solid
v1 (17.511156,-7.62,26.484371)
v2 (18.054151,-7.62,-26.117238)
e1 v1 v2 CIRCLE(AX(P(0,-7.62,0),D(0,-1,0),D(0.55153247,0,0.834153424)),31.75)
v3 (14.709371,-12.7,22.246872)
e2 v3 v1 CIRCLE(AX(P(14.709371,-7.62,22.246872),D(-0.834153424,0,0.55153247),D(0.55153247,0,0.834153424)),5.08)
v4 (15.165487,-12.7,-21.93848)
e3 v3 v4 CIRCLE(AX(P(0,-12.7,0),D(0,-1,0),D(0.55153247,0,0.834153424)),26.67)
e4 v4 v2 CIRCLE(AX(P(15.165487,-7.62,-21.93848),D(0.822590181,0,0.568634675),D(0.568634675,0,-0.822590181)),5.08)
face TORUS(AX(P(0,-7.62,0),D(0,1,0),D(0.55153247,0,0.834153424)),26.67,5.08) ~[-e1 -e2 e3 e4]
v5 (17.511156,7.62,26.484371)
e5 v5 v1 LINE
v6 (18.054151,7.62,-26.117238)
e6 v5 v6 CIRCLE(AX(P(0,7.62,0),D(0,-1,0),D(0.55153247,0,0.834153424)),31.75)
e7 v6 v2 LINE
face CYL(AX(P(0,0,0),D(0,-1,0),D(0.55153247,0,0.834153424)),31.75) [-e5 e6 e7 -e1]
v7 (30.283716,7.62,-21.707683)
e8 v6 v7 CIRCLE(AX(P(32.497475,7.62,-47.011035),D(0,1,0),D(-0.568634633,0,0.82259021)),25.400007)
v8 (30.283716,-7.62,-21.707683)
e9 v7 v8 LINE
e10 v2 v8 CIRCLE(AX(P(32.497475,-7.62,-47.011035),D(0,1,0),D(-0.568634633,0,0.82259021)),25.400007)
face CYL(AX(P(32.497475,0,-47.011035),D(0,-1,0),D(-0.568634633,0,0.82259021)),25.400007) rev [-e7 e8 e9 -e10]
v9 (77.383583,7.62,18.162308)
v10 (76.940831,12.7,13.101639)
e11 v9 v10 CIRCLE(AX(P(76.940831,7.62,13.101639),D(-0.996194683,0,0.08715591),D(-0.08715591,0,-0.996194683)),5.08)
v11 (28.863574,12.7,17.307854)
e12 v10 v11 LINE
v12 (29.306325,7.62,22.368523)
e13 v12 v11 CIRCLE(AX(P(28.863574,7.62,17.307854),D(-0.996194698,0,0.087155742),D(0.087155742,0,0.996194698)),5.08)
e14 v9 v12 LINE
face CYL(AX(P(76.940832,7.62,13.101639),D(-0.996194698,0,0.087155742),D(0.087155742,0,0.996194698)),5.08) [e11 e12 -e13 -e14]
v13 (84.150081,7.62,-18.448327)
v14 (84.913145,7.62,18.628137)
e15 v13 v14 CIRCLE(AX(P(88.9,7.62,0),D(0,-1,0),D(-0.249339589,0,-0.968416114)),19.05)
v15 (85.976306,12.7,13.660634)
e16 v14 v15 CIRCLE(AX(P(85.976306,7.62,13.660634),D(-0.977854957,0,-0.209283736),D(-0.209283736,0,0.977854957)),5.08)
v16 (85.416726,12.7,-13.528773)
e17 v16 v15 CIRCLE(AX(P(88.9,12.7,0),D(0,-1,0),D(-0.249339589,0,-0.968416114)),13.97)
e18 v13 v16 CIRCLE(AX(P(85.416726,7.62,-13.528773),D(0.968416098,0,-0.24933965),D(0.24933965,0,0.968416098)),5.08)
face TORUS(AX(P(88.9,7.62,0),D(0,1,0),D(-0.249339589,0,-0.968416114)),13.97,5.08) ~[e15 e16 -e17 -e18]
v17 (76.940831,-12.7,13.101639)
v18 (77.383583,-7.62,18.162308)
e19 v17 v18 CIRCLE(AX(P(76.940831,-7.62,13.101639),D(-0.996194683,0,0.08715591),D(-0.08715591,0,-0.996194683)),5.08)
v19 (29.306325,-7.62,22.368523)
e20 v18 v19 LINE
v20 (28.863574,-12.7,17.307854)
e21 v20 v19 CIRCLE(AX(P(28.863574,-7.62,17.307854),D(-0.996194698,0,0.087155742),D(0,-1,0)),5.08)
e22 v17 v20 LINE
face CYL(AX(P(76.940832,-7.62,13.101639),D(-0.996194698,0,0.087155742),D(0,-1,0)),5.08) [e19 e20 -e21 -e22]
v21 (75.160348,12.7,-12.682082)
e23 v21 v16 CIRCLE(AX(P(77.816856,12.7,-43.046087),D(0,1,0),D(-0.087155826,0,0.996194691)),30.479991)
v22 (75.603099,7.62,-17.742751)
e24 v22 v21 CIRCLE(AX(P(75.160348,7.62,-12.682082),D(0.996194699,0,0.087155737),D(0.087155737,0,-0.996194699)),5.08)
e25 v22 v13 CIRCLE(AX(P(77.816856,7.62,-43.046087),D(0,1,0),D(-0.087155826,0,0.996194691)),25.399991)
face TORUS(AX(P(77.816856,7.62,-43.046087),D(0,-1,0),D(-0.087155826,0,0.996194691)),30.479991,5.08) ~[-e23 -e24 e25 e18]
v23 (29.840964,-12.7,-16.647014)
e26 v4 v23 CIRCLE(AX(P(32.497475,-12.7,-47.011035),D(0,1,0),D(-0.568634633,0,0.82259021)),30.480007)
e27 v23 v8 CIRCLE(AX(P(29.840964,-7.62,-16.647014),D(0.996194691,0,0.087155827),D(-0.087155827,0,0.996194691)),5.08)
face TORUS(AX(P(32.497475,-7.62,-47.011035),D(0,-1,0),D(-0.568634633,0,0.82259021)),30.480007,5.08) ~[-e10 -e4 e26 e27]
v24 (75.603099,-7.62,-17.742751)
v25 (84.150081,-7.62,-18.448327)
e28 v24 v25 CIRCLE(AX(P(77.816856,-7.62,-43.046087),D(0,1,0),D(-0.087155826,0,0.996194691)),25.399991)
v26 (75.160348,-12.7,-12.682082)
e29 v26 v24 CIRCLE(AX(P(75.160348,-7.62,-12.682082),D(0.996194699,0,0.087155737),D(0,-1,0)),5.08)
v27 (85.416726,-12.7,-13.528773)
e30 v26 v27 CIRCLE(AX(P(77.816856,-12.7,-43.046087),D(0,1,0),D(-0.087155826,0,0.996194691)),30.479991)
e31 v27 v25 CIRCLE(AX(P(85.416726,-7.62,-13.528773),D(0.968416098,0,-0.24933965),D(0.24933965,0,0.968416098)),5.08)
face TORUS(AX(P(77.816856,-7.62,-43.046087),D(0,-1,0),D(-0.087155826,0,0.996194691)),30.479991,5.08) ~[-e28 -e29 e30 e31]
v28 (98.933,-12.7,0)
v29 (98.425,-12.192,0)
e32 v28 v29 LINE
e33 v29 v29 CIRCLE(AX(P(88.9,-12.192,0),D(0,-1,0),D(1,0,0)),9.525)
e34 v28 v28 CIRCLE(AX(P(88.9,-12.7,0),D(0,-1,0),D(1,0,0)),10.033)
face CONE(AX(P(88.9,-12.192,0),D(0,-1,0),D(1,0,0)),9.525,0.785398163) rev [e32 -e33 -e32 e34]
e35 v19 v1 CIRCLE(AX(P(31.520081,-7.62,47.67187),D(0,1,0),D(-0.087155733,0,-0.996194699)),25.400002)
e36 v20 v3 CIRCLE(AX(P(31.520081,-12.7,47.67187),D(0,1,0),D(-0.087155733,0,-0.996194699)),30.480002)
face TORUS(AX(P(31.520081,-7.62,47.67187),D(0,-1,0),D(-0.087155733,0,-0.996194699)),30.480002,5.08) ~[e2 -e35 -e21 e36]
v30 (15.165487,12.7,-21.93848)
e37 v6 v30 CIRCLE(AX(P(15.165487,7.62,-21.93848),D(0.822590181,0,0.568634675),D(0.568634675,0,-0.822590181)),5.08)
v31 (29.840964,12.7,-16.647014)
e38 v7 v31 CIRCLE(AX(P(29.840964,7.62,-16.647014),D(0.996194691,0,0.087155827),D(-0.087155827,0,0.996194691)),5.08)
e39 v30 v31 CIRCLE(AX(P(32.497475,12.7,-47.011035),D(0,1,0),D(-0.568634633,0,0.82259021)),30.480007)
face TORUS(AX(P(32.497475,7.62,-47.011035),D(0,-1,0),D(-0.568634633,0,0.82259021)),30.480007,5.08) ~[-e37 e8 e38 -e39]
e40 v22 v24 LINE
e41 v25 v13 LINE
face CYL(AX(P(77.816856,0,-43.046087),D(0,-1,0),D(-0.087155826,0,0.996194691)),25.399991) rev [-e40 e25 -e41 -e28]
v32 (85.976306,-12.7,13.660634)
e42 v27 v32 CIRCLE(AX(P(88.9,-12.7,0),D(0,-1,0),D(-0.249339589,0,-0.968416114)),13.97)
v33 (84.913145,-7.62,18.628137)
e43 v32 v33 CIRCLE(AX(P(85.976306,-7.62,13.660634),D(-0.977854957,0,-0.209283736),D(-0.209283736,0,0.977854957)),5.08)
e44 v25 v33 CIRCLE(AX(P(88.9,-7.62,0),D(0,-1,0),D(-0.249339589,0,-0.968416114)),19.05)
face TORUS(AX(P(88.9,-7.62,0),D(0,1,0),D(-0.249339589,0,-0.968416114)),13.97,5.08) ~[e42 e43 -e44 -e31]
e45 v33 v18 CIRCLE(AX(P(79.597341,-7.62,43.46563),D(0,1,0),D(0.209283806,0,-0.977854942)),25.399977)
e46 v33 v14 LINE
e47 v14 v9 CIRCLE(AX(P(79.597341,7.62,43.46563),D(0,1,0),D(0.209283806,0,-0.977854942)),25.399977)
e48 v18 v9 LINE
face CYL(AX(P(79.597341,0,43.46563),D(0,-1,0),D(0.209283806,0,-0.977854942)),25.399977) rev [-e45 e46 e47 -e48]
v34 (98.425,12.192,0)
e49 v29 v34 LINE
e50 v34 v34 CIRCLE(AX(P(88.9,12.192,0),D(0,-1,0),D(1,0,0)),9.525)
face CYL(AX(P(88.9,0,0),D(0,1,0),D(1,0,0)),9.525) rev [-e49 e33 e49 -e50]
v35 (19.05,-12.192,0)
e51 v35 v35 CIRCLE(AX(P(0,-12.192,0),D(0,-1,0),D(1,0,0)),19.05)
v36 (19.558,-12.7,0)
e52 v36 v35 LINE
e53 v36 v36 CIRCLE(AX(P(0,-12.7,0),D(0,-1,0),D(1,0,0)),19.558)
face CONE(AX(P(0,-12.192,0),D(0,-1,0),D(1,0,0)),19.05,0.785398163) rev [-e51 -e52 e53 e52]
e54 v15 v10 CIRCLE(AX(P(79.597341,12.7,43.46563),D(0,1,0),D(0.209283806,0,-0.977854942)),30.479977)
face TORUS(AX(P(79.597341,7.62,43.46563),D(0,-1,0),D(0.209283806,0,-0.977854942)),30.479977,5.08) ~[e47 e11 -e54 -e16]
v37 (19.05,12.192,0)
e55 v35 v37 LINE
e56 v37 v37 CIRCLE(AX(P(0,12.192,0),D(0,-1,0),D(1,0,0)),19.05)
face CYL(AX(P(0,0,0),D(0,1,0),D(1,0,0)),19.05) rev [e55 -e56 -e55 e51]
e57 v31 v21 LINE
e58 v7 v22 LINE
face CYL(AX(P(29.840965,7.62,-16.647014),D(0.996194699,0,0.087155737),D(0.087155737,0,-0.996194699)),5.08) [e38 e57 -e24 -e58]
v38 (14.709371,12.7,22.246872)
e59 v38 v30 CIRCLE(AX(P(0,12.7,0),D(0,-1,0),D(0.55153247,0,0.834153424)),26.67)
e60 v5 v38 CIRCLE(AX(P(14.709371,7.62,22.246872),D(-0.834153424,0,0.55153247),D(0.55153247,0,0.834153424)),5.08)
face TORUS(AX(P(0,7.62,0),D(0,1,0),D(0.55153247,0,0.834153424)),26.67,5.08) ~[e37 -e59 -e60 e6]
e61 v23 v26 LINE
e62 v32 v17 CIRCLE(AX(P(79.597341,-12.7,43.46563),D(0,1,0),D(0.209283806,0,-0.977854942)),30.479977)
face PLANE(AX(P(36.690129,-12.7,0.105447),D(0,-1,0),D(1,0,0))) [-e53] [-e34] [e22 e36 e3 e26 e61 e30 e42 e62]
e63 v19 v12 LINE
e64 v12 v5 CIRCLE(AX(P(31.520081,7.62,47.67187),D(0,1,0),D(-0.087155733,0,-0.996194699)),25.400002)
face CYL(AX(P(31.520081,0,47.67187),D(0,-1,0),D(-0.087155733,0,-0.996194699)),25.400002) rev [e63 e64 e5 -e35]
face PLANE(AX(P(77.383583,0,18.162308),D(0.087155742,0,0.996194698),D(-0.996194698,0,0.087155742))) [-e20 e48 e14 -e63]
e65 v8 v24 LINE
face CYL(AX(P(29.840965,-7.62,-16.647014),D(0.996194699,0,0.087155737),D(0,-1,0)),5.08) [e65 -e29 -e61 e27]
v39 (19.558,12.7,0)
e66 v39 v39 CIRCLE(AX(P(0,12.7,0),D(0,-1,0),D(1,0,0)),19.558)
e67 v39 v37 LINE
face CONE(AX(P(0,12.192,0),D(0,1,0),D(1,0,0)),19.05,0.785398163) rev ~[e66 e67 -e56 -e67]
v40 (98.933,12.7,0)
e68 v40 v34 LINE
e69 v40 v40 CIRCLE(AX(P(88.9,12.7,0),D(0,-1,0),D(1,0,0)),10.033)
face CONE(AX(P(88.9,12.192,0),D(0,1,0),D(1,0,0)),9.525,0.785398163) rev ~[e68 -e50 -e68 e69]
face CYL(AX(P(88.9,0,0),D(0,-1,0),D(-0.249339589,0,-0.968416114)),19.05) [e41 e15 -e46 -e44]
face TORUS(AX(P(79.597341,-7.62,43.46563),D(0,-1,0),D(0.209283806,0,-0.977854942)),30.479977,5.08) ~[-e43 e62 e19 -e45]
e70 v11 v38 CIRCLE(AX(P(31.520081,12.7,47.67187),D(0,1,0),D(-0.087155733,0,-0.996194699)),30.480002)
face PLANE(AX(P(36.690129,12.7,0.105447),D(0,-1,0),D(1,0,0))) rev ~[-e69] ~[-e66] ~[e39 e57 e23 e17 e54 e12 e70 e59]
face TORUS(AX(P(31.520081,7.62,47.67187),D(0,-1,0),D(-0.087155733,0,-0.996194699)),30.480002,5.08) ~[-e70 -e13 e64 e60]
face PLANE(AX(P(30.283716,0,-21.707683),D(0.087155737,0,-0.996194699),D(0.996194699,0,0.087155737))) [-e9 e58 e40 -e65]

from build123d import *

# Parameters (mm, degrees)
F0_R     = 19.05
F0_R_2   = 9.525
F1_DEPTH = 12.7
F2_R     = 5.08
F3_SIZE  = 0.508


with BuildPart() as f1:
    # F0 (on Front) → F1 (new body, symmetric)
    with BuildSketch(Plane.XZ):
        with BuildLine():
            ThreePointArc((29.306325, 22.368523), (23.151754, 23.689977), (17.511156, 26.484371))
            ThreePointArc((17.511156, 26.484371), (-31.748308, -0.327731), (18.054151, -26.117238))
            ThreePointArc((18.054151, -26.117238), (23.882044, -23.116795), (30.283716, -21.707683))
            Line((30.283716, -21.707683), (75.603099, -17.742751))
            ThreePointArc((75.603099, -17.742751), (79.906584, -17.732206), (84.150081, -18.448327))
            ThreePointArc((84.150081, -18.448327), (107.945967, -0.391982), (84.913145, 18.628137))
            ThreePointArc((84.913145, 18.628137), (81.165755, 18.114123), (77.383583, 18.162308))
            Line((77.383583, 18.162308), (29.306325, 22.368523))
        make_face()
        Circle(F0_R, mode=Mode.SUBTRACT)
        with Locations((88.9, 0)):
            Circle(F0_R_2, mode=Mode.SUBTRACT)
    extrude(amount=F1_DEPTH, both=True)

    # F2
    f2_edges = [f1.edges().sort_by_distance(p)[0] for p in [
        (-31.748308, -12.7, -0.327731),
        (-31.748308, 12.7, -0.327731),
    ]]
    fillet(f2_edges, radius=F2_R)

    # F3
    f3_edges = [f1.edges().sort_by_distance(p)[0] for p in [
        (-19.05, -12.7, 0),
        (79.375, -12.7, 0),
        (-19.05, 12.7, 0),
        (79.375, 12.7, 0),
    ]]
    chamfer(f3_edges, length=F3_SIZE)


solid = f1.part
